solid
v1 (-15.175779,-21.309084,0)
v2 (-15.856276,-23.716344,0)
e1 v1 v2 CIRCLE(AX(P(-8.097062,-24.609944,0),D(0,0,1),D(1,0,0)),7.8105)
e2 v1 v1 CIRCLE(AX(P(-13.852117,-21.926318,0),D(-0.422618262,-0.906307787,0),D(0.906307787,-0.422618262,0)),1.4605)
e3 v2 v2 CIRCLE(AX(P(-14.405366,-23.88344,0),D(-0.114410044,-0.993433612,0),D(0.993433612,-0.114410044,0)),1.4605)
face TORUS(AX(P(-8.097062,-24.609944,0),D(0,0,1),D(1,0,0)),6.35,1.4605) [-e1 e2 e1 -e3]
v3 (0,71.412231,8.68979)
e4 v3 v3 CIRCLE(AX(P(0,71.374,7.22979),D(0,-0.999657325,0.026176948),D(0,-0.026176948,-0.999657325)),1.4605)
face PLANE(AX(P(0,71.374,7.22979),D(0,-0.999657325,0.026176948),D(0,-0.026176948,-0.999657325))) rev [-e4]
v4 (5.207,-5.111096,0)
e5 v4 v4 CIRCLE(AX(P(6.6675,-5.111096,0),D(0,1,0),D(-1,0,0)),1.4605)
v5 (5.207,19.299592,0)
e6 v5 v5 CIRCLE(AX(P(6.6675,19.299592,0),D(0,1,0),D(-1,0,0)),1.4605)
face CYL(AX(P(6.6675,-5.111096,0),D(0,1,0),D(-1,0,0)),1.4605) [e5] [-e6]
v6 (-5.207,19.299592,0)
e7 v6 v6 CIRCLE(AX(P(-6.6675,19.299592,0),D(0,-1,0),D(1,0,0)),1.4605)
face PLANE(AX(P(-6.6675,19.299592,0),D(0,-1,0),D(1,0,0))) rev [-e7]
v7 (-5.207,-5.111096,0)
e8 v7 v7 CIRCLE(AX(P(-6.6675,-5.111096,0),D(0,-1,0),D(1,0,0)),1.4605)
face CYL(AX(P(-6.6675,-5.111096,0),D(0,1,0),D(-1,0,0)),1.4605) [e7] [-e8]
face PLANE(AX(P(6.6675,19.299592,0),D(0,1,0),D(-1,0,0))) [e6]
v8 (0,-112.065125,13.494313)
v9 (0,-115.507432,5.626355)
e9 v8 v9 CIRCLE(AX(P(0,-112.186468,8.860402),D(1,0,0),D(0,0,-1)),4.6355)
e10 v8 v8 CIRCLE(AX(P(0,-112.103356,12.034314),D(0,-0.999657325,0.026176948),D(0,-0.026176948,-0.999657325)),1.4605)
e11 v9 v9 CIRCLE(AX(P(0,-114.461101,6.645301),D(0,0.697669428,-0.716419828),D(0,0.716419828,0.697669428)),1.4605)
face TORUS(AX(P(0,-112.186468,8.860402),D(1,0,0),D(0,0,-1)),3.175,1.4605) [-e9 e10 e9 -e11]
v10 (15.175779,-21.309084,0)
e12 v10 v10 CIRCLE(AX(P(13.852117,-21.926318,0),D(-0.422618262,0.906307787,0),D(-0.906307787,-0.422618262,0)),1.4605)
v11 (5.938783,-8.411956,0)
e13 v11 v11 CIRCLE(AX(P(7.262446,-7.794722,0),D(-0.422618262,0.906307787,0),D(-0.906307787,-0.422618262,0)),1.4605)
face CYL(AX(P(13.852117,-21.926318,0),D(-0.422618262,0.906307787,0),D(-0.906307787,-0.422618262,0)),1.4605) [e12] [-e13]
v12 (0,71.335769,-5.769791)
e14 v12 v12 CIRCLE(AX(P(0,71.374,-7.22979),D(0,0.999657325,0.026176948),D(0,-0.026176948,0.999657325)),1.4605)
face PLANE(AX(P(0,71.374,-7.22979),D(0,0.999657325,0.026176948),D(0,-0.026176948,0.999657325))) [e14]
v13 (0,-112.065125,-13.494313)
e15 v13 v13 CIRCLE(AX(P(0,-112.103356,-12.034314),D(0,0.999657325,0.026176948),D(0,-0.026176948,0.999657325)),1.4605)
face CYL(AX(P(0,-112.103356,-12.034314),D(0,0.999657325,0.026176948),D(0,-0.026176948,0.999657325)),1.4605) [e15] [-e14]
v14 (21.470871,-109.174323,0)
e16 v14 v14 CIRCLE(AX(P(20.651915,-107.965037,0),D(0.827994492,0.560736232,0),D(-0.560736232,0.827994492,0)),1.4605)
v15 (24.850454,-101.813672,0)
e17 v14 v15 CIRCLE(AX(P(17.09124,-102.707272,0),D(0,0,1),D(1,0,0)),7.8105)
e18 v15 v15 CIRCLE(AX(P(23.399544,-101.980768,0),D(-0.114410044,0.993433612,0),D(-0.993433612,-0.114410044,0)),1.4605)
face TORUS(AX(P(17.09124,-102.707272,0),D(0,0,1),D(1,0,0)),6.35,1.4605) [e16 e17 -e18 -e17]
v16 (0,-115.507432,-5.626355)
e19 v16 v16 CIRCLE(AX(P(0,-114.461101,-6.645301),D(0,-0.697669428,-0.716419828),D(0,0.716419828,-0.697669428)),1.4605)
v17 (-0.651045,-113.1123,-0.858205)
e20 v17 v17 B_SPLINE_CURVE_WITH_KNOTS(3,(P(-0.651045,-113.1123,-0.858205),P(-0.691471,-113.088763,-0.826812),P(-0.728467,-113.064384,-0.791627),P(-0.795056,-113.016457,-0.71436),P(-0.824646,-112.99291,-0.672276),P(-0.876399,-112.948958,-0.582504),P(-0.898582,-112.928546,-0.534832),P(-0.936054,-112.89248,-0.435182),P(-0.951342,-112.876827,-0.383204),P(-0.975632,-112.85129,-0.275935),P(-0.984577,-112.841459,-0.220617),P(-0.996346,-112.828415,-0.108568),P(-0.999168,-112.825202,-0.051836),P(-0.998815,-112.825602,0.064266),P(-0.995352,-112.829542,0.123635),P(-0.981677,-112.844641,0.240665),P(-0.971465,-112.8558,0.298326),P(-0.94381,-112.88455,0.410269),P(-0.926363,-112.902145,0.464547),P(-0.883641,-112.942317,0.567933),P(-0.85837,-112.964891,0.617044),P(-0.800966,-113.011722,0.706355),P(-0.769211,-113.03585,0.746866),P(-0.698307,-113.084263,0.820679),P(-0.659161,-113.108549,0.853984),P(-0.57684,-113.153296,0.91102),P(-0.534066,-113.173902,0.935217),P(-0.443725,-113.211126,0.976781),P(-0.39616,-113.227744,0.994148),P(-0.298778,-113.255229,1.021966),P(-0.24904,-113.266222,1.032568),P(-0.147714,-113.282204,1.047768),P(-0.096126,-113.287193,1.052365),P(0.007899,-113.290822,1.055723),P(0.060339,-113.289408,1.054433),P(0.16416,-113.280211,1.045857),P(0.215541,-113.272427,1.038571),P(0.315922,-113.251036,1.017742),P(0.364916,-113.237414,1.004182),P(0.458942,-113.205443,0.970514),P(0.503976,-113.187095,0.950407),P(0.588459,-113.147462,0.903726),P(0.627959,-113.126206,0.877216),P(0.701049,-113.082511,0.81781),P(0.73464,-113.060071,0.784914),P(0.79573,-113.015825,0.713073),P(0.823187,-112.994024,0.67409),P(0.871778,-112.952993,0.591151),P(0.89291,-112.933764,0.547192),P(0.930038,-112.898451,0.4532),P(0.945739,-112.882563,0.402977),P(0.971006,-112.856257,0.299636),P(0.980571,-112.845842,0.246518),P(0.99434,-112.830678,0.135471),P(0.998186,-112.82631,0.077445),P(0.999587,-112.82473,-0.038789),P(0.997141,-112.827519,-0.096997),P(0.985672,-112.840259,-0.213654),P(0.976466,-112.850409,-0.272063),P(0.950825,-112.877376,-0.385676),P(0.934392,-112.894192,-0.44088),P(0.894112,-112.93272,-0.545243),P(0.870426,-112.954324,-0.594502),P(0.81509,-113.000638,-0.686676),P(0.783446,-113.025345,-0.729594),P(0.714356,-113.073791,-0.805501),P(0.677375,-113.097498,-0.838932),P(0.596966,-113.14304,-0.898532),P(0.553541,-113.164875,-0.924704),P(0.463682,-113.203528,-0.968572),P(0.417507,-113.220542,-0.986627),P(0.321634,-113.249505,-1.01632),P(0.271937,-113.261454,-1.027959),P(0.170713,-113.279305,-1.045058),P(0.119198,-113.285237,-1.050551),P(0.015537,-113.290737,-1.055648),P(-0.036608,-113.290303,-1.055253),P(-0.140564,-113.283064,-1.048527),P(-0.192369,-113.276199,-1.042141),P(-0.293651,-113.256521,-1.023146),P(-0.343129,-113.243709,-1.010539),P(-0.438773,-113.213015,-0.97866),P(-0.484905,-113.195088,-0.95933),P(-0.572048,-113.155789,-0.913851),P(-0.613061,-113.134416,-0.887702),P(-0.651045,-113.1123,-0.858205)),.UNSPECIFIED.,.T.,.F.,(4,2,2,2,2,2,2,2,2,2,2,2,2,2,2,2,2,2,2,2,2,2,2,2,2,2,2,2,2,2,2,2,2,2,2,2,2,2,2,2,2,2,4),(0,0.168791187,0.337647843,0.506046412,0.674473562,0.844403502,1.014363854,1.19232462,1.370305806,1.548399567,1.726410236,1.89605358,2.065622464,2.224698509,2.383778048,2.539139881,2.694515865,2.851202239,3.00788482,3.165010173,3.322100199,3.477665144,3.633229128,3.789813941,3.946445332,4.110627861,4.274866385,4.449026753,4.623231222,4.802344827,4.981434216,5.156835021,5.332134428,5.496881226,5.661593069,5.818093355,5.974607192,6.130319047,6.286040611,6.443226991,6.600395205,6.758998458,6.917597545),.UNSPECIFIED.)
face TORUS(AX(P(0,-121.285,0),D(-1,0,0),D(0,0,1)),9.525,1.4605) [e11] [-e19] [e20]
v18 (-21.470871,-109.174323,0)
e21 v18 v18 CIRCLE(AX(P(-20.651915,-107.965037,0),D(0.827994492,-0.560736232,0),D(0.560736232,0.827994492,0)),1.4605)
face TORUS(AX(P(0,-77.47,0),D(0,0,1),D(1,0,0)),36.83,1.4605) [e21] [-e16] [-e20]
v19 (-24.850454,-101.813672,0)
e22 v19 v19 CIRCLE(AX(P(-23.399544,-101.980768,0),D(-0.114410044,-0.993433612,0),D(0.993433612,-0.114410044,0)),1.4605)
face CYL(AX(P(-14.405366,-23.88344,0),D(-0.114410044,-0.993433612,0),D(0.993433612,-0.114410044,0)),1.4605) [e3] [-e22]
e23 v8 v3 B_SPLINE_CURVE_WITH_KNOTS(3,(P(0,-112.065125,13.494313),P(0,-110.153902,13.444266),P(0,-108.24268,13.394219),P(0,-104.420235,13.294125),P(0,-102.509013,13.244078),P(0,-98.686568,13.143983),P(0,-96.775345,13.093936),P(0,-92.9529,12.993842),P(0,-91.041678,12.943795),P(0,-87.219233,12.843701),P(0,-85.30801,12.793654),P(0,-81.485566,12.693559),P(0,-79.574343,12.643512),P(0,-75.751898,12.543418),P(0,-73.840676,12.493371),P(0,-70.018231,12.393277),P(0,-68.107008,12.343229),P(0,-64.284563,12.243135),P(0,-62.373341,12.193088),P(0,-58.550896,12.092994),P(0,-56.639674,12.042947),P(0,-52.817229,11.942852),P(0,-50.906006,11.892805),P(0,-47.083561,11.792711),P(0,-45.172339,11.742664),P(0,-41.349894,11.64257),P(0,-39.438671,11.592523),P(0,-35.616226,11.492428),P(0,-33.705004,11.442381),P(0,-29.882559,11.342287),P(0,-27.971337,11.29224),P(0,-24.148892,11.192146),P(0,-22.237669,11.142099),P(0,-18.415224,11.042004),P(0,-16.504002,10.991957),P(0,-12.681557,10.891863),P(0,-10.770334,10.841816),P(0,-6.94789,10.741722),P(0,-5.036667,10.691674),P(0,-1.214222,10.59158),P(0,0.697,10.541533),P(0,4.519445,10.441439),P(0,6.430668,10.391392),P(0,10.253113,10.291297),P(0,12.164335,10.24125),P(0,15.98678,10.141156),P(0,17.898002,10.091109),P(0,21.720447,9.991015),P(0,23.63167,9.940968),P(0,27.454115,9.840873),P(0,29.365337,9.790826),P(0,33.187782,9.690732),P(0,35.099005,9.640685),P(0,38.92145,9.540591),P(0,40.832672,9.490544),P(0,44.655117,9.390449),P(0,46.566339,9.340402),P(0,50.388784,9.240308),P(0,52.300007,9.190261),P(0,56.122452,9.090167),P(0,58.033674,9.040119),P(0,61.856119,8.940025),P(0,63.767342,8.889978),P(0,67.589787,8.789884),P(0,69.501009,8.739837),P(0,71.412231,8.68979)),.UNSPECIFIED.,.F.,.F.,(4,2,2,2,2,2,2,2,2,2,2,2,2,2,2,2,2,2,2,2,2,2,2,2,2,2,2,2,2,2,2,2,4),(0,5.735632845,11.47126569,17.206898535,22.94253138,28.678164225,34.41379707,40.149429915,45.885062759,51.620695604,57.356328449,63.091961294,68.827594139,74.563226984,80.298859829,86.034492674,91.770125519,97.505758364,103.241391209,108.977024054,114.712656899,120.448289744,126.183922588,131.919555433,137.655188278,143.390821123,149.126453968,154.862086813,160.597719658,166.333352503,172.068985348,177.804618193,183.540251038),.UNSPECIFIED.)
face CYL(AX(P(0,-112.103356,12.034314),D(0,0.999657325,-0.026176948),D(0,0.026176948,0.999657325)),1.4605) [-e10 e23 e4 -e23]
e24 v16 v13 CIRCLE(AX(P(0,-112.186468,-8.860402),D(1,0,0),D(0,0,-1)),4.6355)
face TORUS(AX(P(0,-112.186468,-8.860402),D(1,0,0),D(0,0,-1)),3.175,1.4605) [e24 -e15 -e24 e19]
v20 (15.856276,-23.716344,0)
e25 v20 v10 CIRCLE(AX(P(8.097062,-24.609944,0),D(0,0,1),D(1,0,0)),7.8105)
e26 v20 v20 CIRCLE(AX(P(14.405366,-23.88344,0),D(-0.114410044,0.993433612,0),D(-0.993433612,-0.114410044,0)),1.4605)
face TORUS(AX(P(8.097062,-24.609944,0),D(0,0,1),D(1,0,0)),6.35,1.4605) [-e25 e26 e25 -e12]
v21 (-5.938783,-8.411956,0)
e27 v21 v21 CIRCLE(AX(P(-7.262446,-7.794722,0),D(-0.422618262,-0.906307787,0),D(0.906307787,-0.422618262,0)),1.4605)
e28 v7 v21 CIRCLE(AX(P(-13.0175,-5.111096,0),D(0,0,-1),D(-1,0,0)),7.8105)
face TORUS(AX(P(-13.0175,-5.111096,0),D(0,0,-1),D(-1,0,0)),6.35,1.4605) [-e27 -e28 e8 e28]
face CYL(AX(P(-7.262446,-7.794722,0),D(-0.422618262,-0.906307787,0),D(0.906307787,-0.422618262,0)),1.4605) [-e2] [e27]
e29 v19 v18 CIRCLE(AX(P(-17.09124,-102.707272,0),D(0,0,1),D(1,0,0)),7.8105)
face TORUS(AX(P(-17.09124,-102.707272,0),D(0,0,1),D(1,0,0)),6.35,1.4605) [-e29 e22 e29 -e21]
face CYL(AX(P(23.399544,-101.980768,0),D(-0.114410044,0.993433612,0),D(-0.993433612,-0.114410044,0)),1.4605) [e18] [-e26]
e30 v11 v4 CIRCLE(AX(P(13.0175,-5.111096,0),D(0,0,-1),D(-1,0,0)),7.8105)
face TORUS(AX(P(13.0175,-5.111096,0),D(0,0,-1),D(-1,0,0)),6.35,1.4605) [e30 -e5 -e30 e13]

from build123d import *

# Parameters (mm, degrees)
SKETCH3_R = 1.4605
SKETCH6_R = 1.4605


with BuildPart() as part:
    # Sweep1: sweep along a path in Sketch1
    with BuildLine(Plane.XY) as sweep1_path:
        Line((-6.6675, 19.299592049), (-6.6675, -5.111096158))
        ThreePointArc((-6.6675, -5.111096158), (-6.818020355, -6.485487706), (-7.262445552, -7.79472212))
        Line((-7.262445552, -7.79472212), (-13.852116755, -21.926317617))
        ThreePointArc((-13.852116755, -21.926317617), (-14.207605055, -22.882585099), (-14.405365745, -23.883439802))
        Line((-14.405365745, -23.883439802), (-23.399543774, -101.980768336))
        ThreePointArc((-23.399543774, -101.980768336), (-22.86203339, -105.356884827), (-20.651915407, -107.965037138))
        ThreePointArc((-20.651915407, -107.965037138), (0, -114.3), (20.651915407, -107.965037138))
        ThreePointArc((20.651915407, -107.965037138), (22.86203339, -105.356884827), (23.399543774, -101.980768336))
        Line((23.399543774, -101.980768336), (14.405365745, -23.883439802))
        ThreePointArc((14.405365745, -23.883439802), (14.207605055, -22.882585099), (13.852116755, -21.926317617))
        Line((13.852116755, -21.926317617), (7.262445552, -7.79472212))
        ThreePointArc((7.262445552, -7.79472212), (6.818020355, -6.485487706), (6.6675, -5.111096158))
        Line((6.6675, -5.111096158), (6.6675, 19.299592049))
    # Sketch3 → Sweep1 (sweep)
    with BuildSketch(Plane(origin=(-6.6675, 19.299592049, 0), x_dir=(1, 0, 0), z_dir=(0, -1, 0))):
        Circle(SKETCH3_R)
    sweep(path=sweep1_path.line)

    # Sweep2: sweep along a path in Sketch5
    with BuildLine(Plane(origin=(0, 0, 0), x_dir=(0, 0, -1), z_dir=(1, 0, 0))) as sweep2_path:
        Line((7.229790076, 71.374), (12.03431374, -112.103356378))
        ThreePointArc((12.03431374, -112.103356378), (10.133025009, -115.095257455), (6.6453013, -114.461101141))
        ThreePointArc((6.6453013, -114.461101141), (0, -111.76), (-6.6453013, -114.461101141))
        ThreePointArc((-6.6453013, -114.461101141), (-10.133025009, -115.095257455), (-12.03431374, -112.103356378))
        Line((-12.03431374, -112.103356378), (-7.229790076, 71.374))
    # Sketch6 → Sweep2 (sweep)
    with BuildSketch(Plane(origin=(0, 71.374, 7.229790076), x_dir=(1, 0, 0), z_dir=(0, -0.9996573249755574, 0.026176948307873198))):
        Circle(SKETCH6_R)
    sweep(path=sweep2_path.line)


solid = part.part
